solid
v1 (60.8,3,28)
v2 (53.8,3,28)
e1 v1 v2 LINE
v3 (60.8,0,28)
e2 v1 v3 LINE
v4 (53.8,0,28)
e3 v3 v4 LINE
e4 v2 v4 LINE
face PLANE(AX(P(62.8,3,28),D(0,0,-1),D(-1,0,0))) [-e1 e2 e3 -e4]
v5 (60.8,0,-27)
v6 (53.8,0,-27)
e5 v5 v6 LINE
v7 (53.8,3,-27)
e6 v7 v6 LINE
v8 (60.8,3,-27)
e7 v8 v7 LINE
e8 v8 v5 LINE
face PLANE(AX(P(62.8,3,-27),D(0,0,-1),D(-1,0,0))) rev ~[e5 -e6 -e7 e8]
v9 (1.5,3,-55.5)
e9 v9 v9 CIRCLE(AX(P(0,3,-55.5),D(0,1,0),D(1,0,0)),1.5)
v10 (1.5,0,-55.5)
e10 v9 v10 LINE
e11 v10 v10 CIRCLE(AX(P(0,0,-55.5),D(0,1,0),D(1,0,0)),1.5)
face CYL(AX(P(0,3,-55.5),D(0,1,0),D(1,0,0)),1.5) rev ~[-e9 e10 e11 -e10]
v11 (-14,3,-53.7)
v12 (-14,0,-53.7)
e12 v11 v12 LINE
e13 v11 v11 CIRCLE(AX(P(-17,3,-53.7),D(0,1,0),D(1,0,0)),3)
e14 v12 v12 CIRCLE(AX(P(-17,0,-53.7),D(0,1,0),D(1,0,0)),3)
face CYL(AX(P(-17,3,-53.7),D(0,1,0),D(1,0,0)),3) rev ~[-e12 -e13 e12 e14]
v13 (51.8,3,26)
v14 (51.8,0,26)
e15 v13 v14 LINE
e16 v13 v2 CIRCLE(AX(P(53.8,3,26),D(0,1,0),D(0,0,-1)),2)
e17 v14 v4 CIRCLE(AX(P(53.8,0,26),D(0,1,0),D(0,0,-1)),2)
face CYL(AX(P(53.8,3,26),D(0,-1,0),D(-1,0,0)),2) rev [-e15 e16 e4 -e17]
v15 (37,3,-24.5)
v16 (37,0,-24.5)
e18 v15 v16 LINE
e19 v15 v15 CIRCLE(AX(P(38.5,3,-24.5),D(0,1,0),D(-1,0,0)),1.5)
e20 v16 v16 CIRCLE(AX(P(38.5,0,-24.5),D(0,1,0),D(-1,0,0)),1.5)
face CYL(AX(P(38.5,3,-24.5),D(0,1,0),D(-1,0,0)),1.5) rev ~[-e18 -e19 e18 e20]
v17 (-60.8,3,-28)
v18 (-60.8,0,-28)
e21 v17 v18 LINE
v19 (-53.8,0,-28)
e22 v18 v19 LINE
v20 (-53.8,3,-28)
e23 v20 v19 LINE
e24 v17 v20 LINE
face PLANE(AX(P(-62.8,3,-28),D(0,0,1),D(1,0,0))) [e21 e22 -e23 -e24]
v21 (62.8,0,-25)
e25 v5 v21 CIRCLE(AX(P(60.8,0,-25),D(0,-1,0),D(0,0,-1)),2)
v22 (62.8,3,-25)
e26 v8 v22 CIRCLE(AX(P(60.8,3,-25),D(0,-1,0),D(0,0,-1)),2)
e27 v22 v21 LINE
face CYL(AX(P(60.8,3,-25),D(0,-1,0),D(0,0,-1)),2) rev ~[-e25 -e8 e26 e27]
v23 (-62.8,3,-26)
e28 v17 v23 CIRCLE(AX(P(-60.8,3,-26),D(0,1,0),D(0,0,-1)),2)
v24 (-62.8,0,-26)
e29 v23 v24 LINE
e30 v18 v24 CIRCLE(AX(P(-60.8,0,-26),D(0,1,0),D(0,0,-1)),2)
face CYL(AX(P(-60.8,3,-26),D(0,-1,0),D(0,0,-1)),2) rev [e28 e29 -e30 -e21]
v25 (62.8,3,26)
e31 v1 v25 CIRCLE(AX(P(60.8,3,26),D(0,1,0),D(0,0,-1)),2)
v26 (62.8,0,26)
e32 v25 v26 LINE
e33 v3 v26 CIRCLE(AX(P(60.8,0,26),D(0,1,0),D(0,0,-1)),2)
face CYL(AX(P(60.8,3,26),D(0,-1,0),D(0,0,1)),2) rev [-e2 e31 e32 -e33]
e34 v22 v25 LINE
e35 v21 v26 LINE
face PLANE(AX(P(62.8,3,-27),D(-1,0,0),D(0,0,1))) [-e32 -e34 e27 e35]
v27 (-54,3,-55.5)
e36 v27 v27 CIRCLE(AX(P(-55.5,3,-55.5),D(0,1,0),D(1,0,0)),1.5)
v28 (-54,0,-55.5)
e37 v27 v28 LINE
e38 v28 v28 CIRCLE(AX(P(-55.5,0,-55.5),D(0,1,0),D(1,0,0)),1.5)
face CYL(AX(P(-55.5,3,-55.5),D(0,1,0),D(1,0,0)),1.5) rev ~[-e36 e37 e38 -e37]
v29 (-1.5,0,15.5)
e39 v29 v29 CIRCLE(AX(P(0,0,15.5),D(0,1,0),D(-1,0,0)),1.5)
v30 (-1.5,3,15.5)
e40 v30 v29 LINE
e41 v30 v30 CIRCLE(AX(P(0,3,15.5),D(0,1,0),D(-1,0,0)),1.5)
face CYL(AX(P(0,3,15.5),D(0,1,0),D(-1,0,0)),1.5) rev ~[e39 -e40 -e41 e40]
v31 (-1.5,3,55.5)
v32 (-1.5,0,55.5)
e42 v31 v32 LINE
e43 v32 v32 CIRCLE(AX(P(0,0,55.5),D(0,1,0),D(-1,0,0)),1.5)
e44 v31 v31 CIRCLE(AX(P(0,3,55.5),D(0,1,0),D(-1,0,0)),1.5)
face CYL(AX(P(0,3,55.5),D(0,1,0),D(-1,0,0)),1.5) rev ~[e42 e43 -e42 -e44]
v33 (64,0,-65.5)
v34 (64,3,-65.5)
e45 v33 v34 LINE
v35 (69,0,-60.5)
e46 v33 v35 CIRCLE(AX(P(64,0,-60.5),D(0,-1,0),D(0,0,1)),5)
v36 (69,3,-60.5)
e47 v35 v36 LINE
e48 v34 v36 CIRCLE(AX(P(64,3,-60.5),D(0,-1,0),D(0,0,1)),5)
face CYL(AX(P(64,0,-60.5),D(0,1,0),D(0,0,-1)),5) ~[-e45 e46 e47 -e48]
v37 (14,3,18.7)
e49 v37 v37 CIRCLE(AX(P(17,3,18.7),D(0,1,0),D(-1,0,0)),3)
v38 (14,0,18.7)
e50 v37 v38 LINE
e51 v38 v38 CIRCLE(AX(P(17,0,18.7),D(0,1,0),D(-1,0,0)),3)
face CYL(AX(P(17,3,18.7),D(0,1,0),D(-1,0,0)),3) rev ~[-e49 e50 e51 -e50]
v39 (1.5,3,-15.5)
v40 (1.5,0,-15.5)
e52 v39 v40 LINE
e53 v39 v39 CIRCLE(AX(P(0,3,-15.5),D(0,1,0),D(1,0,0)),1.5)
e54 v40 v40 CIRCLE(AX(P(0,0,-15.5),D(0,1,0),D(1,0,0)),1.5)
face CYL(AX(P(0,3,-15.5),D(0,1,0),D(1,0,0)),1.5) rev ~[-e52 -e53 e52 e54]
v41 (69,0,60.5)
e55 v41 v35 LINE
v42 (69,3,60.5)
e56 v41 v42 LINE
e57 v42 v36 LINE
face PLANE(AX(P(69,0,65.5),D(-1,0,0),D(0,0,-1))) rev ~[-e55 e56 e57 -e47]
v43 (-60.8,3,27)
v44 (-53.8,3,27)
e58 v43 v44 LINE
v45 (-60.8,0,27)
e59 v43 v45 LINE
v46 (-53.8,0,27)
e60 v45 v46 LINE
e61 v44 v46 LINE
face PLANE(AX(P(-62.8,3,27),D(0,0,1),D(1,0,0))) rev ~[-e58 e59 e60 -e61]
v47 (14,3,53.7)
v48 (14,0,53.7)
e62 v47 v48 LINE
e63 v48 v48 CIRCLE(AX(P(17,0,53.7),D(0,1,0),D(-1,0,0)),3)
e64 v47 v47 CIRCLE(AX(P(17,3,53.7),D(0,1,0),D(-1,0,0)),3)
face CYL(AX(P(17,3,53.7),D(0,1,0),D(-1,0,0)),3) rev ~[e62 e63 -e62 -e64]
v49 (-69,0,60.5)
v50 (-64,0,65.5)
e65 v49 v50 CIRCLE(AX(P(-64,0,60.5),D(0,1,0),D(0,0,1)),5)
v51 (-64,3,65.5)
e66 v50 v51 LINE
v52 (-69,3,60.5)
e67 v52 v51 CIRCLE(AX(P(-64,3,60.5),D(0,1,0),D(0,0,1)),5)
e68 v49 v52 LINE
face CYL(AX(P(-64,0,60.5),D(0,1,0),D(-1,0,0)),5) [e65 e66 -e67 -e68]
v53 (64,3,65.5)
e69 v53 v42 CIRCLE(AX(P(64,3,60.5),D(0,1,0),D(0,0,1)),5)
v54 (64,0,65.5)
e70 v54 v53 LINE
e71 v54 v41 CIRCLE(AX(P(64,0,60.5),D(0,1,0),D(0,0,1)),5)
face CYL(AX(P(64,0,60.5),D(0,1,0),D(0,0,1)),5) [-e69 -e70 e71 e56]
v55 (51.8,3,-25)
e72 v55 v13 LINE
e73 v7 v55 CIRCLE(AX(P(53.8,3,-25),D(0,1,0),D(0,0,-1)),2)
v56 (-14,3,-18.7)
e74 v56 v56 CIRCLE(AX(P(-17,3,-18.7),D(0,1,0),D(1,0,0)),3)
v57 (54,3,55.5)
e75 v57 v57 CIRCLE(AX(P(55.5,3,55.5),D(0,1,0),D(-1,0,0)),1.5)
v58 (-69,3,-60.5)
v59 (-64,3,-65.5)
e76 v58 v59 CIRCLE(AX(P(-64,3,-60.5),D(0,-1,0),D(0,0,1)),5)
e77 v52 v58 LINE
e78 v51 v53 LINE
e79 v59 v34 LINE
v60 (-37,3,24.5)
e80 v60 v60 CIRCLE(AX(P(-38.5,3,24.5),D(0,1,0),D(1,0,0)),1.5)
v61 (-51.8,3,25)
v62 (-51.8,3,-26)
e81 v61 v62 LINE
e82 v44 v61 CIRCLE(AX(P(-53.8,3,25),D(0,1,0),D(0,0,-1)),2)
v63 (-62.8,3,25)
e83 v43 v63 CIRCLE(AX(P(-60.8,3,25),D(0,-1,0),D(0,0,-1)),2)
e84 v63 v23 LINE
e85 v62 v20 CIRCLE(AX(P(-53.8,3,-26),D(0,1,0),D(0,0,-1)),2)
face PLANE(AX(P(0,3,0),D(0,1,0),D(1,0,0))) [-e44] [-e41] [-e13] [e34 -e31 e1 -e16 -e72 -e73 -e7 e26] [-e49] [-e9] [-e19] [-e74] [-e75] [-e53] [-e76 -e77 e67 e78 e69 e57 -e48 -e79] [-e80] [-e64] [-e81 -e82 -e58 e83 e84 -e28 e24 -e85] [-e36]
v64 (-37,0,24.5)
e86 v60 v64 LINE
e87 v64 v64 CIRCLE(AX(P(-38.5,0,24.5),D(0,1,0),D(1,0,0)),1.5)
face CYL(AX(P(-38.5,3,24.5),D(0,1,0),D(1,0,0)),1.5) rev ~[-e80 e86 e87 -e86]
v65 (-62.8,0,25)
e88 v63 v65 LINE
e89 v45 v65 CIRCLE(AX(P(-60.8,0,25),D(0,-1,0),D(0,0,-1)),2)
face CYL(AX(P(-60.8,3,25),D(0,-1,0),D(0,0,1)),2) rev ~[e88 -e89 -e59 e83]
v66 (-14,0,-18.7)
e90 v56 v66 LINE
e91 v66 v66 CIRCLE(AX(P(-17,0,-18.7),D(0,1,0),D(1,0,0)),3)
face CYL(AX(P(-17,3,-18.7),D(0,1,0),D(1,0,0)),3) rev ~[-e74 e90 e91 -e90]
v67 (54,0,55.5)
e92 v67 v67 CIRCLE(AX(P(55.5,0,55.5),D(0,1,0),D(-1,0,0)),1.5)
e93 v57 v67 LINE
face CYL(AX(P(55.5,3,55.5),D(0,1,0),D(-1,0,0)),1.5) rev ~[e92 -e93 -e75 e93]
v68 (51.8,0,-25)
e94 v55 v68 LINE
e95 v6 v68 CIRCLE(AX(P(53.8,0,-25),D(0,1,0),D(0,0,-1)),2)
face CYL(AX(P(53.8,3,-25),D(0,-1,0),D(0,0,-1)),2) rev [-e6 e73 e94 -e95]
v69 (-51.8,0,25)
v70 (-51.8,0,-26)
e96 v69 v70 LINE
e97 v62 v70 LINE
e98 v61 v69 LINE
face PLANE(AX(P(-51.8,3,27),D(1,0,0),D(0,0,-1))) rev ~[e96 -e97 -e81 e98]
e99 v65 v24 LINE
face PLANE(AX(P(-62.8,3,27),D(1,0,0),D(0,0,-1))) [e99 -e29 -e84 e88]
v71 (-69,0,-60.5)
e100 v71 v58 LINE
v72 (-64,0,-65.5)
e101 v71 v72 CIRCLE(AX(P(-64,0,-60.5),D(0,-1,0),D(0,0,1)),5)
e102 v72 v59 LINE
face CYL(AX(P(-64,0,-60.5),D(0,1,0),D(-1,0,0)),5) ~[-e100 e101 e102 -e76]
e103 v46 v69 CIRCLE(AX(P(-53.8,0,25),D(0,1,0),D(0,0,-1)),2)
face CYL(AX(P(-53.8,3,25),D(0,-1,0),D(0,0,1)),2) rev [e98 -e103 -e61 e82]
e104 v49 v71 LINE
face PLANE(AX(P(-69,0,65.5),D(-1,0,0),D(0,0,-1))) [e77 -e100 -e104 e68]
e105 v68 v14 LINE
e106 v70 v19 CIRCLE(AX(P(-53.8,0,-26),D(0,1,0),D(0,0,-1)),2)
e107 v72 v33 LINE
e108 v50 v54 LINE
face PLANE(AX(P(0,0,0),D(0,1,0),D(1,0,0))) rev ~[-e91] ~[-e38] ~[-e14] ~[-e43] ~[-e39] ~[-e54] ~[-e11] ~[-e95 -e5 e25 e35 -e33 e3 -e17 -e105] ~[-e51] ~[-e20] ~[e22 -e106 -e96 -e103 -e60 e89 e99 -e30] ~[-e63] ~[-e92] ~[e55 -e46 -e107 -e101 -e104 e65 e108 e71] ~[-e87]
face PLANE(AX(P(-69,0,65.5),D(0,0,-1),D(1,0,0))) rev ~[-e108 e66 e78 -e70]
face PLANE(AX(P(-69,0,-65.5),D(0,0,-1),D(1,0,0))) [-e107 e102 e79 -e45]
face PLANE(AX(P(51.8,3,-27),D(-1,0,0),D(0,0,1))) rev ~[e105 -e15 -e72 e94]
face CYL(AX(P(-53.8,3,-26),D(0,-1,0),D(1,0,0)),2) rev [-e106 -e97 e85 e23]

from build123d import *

# Parameters (mm, degrees)
SKETCH1_W                = 138
SKETCH1_H                = 131
BOSS_EXTRUDE1_DEPTH      = 3
SKETCH2_R                = 3
SKETCH2_R_2              = 1.5
SKETCH2_W                = 11
SKETCH2_H                = 55
CUT_EXTRUDE1_DEPTH       = 96.185345511
FILLET1_R                = 5
FILLET2_R                = 2
CIRPATTERN1_COUNT        = 2
FILLET2_OF_CIRPATTERN1_R = 2


with BuildPart() as part:
    # Sketch1 → Boss-Extrude1 (new body)
    with BuildSketch(Plane(origin=(0, 0, 0), x_dir=(1, 0, 0), z_dir=(0, 1, 0))):
        Rectangle(SKETCH1_W, SKETCH1_H)
    extrude(amount=BOSS_EXTRUDE1_DEPTH)

    # Sketch2 → Cut-Extrude1 (cut, through all)
    with BuildSketch(Plane(origin=(0, 3, 0), x_dir=(1, 0, 0), z_dir=(0, 1, 0))):
        with Locations((-17, 18.7)):
            Circle(SKETCH2_R)
        with Locations((-17, 53.7)):
            Circle(SKETCH2_R)
        with Locations((0, 55.5)):
            Circle(SKETCH2_R_2)
        with Locations((0, 15.5)):
            Circle(SKETCH2_R_2)
        with Locations((-55.5, 55.5)):
            Circle(SKETCH2_R_2)
        with Locations((-38.5, -24.5)):
            Circle(SKETCH2_R_2)
        with Locations((-57.3, 0.5)):
            Rectangle(SKETCH2_W, SKETCH2_H)
    cut_extrude1 = extrude(amount=-CUT_EXTRUDE1_DEPTH, mode=Mode.SUBTRACT)

    # Fillet1
    fillet1_edges = [part.edges().sort_by_distance(p)[0] for p in [
        (-69, 1.5, -65.5),
        (69, 1.5, -65.5),
        (69, 1.5, 65.5),
        (-69, 1.5, 65.5),
    ]]
    fillet(fillet1_edges, radius=FILLET1_R)

    # Fillet2
    fillet2_edges = [part.edges().sort_by_distance(p)[0] for p in [
        (-62.8, 1.5, -28),
        (-51.8, 1.5, -28),
        (-51.8, 1.5, 27),
        (-62.8, 1.5, 27),
    ]]
    fillet(fillet2_edges, radius=FILLET2_R)

    # CirPattern1: Cut-Extrude1 ×2 about axis
    cirpattern1_axis = Axis((0, -0.15, 0), (0, 1, 0))
    for i in range(1, CIRPATTERN1_COUNT):
        add(cut_extrude1.rotate(cirpattern1_axis, i * 360 / CIRPATTERN1_COUNT), mode=Mode.SUBTRACT)

    # Fillet2 of CirPattern1
    fillet2_of_cirpattern1_edges = [part.edges().sort_by_distance(p)[0] for p in [
        (62.8, 1.5, 28),
        (51.8, 1.5, 28),
        (51.8, 1.5, -27),
        (62.8, 1.5, -27),
    ]]
    fillet(fillet2_of_cirpattern1_edges, radius=FILLET2_OF_CIRPATTERN1_R)


solid = part.part
